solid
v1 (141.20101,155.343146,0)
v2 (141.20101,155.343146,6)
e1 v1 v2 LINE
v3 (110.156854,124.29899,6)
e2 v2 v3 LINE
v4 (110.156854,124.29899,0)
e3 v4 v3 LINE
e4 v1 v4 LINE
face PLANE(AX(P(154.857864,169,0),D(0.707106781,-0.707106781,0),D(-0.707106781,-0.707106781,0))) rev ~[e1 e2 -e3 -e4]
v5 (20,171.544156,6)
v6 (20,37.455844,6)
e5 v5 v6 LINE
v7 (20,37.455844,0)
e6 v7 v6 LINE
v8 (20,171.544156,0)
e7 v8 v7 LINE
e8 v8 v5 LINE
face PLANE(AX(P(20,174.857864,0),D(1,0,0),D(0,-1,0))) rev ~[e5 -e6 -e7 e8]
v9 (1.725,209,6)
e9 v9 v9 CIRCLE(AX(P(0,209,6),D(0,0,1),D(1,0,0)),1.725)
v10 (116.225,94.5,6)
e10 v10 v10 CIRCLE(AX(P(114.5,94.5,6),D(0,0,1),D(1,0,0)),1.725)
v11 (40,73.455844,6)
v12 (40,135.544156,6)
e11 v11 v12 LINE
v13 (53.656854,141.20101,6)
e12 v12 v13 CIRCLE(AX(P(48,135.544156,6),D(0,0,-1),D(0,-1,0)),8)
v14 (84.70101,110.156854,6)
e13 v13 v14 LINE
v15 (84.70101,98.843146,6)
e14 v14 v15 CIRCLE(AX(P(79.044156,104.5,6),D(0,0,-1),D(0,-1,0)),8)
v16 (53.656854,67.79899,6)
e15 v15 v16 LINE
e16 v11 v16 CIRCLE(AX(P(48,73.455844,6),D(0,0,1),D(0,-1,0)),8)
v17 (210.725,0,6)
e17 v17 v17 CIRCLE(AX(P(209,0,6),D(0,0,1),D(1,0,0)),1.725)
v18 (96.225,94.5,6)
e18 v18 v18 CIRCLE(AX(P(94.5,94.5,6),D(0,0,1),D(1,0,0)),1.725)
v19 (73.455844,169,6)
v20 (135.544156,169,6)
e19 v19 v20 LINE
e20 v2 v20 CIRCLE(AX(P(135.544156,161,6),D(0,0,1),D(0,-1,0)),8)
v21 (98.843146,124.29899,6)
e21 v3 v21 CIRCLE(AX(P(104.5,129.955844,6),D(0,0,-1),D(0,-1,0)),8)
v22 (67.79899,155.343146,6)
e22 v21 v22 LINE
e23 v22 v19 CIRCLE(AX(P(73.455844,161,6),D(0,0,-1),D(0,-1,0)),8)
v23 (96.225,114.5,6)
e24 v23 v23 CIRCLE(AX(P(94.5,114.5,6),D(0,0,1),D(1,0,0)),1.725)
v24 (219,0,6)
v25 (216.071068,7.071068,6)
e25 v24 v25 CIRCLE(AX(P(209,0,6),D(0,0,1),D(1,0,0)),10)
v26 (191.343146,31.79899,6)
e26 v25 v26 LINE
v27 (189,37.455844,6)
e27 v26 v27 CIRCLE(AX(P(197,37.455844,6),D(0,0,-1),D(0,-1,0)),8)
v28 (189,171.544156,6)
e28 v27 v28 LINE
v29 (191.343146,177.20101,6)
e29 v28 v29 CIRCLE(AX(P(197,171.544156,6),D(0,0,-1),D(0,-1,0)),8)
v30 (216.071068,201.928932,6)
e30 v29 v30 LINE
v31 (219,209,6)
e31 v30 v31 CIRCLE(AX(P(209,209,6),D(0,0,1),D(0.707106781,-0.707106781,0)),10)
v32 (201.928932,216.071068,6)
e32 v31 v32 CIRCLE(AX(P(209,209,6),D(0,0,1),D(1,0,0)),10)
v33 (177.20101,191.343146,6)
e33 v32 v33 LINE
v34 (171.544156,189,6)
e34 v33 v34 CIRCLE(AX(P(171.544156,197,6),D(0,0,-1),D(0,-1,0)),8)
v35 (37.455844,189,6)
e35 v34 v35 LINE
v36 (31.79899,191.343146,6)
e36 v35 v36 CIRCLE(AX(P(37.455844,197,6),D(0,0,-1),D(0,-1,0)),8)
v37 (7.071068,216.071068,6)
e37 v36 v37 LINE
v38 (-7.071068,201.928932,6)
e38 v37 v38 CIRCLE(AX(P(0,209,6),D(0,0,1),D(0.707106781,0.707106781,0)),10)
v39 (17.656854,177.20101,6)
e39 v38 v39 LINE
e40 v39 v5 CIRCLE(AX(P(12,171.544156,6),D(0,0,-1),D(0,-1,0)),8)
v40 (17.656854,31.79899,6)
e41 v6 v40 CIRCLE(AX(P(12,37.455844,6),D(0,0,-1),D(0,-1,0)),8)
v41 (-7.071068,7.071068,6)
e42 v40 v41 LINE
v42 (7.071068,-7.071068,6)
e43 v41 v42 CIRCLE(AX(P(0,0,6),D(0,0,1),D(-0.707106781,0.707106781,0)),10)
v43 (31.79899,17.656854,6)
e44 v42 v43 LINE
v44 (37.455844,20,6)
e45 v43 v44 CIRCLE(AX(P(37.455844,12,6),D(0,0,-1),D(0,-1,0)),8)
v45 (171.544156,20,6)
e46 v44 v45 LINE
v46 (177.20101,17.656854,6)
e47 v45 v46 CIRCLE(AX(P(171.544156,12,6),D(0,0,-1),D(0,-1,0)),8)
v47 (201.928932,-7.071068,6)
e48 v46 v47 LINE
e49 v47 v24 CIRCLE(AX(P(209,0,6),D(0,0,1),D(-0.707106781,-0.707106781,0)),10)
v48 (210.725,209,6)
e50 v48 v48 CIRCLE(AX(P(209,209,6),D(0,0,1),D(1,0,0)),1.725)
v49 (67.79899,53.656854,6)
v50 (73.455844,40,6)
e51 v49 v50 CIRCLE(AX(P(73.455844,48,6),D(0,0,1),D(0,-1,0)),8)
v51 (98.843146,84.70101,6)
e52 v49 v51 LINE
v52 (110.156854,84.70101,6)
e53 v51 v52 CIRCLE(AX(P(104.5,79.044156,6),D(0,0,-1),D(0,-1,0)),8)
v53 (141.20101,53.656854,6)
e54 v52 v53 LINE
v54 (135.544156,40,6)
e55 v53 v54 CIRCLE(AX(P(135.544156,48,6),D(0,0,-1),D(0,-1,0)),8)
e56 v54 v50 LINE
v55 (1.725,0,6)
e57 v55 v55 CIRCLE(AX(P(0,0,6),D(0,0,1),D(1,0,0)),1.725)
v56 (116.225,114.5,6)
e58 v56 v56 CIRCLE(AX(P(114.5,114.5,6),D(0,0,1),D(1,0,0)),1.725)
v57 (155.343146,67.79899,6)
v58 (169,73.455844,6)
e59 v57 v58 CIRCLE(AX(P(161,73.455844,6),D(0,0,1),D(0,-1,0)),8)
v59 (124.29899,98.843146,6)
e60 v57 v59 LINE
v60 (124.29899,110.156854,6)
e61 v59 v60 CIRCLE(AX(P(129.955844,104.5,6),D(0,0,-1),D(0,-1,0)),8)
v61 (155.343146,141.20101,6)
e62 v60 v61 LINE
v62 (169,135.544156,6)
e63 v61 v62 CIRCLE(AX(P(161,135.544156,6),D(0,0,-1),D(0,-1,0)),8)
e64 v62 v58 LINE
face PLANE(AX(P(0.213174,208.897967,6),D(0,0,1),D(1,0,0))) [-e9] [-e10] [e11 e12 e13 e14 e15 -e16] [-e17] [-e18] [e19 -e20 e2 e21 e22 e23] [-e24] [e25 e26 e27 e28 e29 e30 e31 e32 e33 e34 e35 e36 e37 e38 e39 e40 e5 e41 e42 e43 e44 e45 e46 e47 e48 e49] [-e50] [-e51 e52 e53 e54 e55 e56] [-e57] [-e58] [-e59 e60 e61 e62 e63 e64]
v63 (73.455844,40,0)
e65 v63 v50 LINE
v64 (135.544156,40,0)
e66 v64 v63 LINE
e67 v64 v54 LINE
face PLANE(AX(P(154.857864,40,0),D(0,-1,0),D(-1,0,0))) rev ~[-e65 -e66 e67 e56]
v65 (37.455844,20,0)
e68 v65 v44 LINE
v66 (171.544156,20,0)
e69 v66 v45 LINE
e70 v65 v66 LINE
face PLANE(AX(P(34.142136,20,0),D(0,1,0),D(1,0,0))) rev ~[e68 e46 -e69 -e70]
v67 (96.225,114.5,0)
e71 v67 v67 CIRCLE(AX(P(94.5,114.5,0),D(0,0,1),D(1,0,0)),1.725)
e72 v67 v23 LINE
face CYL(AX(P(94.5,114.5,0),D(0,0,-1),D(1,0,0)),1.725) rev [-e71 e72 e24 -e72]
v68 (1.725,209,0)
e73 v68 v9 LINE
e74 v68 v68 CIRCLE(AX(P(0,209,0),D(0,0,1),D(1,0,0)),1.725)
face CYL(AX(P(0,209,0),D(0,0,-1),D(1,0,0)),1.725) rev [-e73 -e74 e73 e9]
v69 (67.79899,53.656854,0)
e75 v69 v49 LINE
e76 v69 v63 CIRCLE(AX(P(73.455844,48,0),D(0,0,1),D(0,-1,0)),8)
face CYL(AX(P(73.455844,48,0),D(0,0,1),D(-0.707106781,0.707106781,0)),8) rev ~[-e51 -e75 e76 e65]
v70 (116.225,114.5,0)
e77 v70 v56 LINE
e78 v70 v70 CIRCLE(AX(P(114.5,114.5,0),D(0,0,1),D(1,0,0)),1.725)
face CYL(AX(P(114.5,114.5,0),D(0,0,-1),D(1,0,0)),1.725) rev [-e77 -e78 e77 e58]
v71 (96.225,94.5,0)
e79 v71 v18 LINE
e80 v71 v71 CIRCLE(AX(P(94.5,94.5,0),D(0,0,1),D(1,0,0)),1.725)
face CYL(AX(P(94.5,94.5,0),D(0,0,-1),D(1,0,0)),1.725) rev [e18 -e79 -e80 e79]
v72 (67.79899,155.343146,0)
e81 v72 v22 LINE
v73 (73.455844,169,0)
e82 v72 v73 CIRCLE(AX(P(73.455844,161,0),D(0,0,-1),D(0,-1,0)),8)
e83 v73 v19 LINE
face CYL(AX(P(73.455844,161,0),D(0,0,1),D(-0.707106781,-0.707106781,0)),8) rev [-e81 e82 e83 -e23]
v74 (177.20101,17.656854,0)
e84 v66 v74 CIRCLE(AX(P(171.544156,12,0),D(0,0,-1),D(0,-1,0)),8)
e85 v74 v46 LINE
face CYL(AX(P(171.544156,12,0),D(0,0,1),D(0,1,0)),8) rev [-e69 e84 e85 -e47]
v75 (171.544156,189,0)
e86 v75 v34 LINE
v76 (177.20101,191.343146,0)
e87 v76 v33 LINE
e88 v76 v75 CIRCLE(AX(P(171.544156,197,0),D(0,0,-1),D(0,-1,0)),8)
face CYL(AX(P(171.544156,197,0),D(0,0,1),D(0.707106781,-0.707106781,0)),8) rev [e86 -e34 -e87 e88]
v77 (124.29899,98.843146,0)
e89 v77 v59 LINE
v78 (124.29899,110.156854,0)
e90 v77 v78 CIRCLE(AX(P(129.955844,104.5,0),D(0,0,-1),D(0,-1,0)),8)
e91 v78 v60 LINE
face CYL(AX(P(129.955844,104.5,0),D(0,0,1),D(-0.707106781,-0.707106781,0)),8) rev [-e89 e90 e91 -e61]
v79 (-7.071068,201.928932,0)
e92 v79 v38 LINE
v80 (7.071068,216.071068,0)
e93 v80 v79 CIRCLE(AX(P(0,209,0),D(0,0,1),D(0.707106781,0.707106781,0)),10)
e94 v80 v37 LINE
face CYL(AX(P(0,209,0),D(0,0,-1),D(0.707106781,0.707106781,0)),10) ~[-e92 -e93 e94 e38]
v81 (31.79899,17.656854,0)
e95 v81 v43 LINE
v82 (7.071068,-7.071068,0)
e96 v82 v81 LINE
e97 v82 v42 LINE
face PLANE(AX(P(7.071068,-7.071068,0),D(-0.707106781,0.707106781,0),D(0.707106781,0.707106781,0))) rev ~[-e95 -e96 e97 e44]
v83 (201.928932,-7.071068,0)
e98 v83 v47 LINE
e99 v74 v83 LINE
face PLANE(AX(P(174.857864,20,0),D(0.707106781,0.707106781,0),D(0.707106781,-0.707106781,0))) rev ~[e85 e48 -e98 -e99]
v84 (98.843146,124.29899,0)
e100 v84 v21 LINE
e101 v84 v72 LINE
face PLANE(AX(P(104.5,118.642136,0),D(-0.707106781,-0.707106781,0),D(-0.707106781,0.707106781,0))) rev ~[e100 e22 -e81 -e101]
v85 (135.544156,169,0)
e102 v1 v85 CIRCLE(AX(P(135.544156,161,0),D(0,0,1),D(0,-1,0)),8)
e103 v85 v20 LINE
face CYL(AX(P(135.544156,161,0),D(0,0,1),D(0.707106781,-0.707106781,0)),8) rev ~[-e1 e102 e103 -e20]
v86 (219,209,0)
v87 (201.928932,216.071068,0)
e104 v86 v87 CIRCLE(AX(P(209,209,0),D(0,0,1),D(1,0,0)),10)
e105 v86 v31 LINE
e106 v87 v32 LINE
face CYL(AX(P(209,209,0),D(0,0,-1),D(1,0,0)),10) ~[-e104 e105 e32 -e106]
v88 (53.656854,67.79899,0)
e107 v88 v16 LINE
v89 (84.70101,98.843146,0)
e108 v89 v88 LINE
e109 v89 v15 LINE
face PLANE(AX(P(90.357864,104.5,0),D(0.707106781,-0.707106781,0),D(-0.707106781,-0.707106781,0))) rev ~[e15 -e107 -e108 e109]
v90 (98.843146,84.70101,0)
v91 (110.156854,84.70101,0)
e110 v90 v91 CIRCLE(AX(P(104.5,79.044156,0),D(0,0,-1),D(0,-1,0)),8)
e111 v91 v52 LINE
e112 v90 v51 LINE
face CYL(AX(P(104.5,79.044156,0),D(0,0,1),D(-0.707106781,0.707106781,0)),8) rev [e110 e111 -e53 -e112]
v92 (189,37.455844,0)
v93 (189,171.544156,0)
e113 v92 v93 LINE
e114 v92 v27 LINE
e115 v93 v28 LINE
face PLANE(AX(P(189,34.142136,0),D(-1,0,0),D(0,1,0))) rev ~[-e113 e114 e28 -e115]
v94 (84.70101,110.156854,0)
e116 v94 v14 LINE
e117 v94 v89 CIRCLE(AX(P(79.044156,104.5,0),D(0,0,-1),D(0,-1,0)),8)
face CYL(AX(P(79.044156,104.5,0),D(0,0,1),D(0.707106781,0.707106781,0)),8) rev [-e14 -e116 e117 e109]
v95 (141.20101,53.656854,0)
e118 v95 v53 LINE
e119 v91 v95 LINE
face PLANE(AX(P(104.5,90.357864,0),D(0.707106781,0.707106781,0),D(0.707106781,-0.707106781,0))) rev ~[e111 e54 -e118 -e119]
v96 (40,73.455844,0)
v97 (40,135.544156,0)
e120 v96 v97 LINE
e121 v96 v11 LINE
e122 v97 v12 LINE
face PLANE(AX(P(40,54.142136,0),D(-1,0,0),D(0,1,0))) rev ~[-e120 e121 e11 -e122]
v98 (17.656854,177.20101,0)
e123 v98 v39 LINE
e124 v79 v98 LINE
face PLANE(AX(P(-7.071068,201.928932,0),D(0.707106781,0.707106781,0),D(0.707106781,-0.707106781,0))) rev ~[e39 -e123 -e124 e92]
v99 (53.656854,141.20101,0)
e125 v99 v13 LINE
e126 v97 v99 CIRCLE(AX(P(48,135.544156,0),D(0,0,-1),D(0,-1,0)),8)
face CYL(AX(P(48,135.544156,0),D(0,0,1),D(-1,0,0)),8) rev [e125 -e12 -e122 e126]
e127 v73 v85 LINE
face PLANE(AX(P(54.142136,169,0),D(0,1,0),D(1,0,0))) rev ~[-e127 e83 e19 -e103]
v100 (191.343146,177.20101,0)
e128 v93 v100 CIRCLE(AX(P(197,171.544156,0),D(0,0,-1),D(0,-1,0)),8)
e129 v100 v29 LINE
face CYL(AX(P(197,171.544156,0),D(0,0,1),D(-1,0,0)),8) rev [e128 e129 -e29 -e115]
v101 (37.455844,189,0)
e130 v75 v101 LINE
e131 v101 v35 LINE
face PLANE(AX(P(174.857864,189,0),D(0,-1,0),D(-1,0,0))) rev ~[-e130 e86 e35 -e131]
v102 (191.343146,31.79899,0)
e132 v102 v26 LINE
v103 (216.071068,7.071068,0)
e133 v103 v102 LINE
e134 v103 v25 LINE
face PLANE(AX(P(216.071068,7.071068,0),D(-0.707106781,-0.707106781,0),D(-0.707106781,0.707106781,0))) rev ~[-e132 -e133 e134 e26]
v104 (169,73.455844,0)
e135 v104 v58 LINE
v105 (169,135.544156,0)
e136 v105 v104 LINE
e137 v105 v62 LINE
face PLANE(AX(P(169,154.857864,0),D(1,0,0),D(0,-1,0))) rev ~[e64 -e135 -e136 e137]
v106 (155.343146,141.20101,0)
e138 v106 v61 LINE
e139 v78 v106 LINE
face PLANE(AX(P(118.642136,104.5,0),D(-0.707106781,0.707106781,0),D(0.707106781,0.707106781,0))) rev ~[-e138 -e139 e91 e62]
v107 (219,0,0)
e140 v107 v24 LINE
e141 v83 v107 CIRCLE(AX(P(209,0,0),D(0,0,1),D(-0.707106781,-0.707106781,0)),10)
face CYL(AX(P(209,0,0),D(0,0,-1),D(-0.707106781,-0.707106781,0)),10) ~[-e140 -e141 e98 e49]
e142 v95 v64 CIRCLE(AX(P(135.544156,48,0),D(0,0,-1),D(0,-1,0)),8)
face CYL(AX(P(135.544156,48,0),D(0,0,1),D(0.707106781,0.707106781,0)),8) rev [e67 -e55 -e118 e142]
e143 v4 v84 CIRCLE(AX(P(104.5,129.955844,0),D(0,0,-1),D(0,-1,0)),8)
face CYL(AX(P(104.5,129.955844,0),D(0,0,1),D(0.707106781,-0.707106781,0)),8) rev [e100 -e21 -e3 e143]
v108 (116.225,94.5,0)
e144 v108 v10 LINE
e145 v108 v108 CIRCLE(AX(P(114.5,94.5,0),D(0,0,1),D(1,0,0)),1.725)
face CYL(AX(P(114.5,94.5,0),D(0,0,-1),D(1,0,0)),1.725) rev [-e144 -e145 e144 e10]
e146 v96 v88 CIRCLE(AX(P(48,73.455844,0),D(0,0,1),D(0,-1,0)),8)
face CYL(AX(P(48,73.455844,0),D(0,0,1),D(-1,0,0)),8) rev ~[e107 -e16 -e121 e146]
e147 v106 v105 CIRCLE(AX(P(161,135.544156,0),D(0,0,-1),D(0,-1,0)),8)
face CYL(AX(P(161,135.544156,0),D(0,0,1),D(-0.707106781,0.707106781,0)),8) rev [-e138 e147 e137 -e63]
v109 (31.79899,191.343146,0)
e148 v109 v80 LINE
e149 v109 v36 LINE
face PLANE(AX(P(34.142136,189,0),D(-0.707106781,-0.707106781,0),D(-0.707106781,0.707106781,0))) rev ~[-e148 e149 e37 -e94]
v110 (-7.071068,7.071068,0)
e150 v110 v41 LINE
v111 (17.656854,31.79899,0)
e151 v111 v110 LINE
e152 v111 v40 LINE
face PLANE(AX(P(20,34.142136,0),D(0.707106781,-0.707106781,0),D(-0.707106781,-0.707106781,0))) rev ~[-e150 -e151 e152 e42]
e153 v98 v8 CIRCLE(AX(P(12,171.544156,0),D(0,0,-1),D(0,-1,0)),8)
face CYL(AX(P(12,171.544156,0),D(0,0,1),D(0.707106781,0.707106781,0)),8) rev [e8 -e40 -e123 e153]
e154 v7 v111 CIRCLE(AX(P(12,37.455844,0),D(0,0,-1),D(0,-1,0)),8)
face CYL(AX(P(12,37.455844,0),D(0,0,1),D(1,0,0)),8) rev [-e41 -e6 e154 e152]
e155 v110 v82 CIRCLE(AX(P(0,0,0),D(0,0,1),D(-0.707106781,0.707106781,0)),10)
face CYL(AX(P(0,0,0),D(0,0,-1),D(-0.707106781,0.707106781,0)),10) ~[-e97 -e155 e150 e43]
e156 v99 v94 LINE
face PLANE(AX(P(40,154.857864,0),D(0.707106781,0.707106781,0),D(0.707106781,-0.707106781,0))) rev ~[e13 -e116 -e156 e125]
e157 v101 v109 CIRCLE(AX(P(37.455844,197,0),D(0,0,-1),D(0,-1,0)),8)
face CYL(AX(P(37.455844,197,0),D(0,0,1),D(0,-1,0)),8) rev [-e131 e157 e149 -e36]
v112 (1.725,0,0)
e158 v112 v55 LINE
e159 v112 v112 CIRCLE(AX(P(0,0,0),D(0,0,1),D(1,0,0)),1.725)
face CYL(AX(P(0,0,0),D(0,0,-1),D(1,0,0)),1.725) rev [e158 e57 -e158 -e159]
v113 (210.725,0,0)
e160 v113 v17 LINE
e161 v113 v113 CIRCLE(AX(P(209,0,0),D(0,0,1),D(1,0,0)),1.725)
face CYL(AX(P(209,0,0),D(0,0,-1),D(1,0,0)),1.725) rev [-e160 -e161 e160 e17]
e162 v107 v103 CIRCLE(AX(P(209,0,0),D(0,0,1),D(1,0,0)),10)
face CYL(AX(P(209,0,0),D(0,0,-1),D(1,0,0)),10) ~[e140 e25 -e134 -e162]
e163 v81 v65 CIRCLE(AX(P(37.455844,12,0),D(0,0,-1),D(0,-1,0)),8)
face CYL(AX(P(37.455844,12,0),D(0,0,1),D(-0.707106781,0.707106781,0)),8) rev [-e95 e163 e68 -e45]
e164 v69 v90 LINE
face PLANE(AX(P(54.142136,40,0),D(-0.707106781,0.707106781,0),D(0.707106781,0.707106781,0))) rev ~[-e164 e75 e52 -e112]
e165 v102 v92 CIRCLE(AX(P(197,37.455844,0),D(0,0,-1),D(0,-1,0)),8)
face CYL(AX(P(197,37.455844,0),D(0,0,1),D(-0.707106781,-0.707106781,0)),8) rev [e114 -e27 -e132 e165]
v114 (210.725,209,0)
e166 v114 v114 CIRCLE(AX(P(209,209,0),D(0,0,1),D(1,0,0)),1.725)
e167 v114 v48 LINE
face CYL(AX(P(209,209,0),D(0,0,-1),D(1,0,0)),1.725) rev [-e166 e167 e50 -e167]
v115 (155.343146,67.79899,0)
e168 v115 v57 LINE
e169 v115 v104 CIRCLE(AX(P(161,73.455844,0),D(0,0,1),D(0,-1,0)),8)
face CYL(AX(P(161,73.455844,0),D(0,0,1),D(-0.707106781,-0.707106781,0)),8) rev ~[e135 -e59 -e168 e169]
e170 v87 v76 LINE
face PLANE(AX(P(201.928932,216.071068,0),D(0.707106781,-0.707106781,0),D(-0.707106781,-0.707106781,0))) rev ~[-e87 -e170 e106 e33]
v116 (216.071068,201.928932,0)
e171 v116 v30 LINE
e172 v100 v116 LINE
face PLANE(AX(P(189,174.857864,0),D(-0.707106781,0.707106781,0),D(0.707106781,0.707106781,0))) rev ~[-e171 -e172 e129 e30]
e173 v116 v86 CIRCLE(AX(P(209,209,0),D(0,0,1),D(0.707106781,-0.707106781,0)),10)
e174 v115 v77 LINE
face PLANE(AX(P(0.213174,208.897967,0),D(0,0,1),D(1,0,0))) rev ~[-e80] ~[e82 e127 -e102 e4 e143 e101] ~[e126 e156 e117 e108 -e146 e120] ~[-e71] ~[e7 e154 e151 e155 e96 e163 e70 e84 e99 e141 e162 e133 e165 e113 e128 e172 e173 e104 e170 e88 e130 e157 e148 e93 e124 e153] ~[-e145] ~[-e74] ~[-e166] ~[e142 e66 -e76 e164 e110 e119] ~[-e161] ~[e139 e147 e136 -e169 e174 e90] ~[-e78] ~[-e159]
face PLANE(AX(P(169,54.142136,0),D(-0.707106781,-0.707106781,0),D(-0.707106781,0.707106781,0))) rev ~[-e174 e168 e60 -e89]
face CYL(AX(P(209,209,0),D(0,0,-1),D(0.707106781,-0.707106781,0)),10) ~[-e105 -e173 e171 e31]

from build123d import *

# Parameters (mm, degrees)
F0_R     = 1.725
F1_DEPTH = 6
F2_R     = 8


with BuildPart() as f1:
    # F0 (on Top) → F1 (new body)
    with BuildSketch(Plane.XY):
        with BuildLine():
            ThreePointArc((-7.0710678119, 201.9289321881), (3.8268343237, 199.7612046749), (10, 209))
            ThreePointArc((10, 209), (9.2387953251, 212.8268343237), (7.0710678119, 216.0710678119))
            ThreePointArc((7.0710678119, 216.0710678119), (-7.0710678119, 216.0710678119), (-7.0710678119, 201.9289321881))
        make_face()
        with Locations((0, 209)):
            Circle(F0_R, mode=Mode.SUBTRACT)
        with BuildLine():
            ThreePointArc((7.0710678119, 216.0710678119), (9.2387953251, 212.8268343237), (10, 209))
            ThreePointArc((10, 209), (3.8268343237, 199.7612046749), (-7.0710678119, 201.9289321881))
            Line((-7.0710678119, 201.9289321881), (20, 174.8578643763))
            Line((20, 174.8578643763), (40, 154.8578643763))
            Line((40, 154.8578643763), (90.3578643763, 104.5))
            Line((90.3578643763, 104.5), (104.5, 118.6421356237))
            Line((104.5, 118.6421356237), (54.1421356237, 169))
            Line((54.1421356237, 169), (34.1421356237, 189))
            Line((34.1421356237, 189), (7.0710678119, 216.0710678119))
        make_face()
        with Locations((94.5, 114.5)):
            Circle(F0_R, mode=Mode.SUBTRACT)
        Polygon((174.8578643763, 189), (34.1421356237, 189), (54.1421356237, 169), (154.8578643763, 169), align=None)
        Polygon((40, 154.8578643763), (20, 174.8578643763), (20, 34.1421356237), (40, 54.1421356237), align=None)
        with BuildLine():
            Line((201.9289321881, 216.0710678119), (174.8578643763, 189))
            Line((174.8578643763, 189), (154.8578643763, 169))
            Line((154.8578643763, 169), (104.5, 118.6421356237))
            Line((104.5, 118.6421356237), (118.6421356237, 104.5))
            Line((118.6421356237, 104.5), (169, 154.8578643763))
            Line((169, 154.8578643763), (189, 174.8578643763))
            Line((189, 174.8578643763), (216.0710678119, 201.9289321881))
            ThreePointArc((216.0710678119, 201.9289321881), (201.9289321881, 201.9289321881), (201.9289321881, 216.0710678119))
        make_face()
        with Locations((114.5, 114.5)):
            Circle(F0_R, mode=Mode.SUBTRACT)
        with BuildLine():
            Line((40, 54.1421356237), (20, 34.1421356237))
            Line((20, 34.1421356237), (-7.0710678119, 7.0710678119))
            ThreePointArc((-7.0710678119, 7.0710678119), (3.8268343237, 9.2387953251), (10, 0))
            ThreePointArc((10, 0), (9.2387953251, -3.8268343237), (7.0710678119, -7.0710678119))
            Line((7.0710678119, -7.0710678119), (34.1421356237, 20))
            Line((34.1421356237, 20), (54.1421356237, 40))
            Line((54.1421356237, 40), (104.5, 90.3578643763))
            Line((104.5, 90.3578643763), (90.3578643763, 104.5))
            Line((90.3578643763, 104.5), (40, 54.1421356237))
        make_face()
        with Locations((94.5, 94.5)):
            Circle(F0_R, mode=Mode.SUBTRACT)
        with BuildLine():
            ThreePointArc((219, 209), (212.8268343237, 218.2387953251), (201.9289321881, 216.0710678119))
            ThreePointArc((201.9289321881, 216.0710678119), (201.9289321881, 201.9289321881), (216.0710678119, 201.9289321881))
            ThreePointArc((216.0710678119, 201.9289321881), (218.2387953251, 205.1731656763), (219, 209))
        make_face()
        with Locations((209, 209)):
            Circle(F0_R, mode=Mode.SUBTRACT)
        with BuildLine():
            ThreePointArc((10, 0), (3.8268343237, 9.2387953251), (-7.0710678119, 7.0710678119))
            ThreePointArc((-7.0710678119, 7.0710678119), (-7.0710678119, -7.0710678119), (7.0710678119, -7.0710678119))
            ThreePointArc((7.0710678119, -7.0710678119), (9.2387953251, -3.8268343237), (10, 0))
        make_face()
        Circle(F0_R, mode=Mode.SUBTRACT)
        with BuildLine():
            Line((169, 54.1421356237), (118.6421356237, 104.5))
            Line((118.6421356237, 104.5), (104.5, 90.3578643763))
            Line((104.5, 90.3578643763), (154.8578643763, 40))
            Line((154.8578643763, 40), (174.8578643763, 20))
            Line((174.8578643763, 20), (201.9289321881, -7.0710678119))
            ThreePointArc((201.9289321881, -7.0710678119), (201.9289321881, 7.0710678119), (216.0710678119, 7.0710678119))
            Line((216.0710678119, 7.0710678119), (189, 34.1421356237))
            Line((189, 34.1421356237), (169, 54.1421356237))
        make_face()
        with Locations((114.5, 94.5)):
            Circle(F0_R, mode=Mode.SUBTRACT)
        Polygon((169, 154.8578643763), (169, 54.1421356237), (189, 34.1421356237), (189, 174.8578643763), align=None)
        Polygon((174.8578643763, 20), (154.8578643763, 40), (54.1421356237, 40), (34.1421356237, 20), align=None)
        with BuildLine():
            ThreePointArc((219, 0), (218.2387953251, 3.8268343237), (216.0710678119, 7.0710678119))
            ThreePointArc((216.0710678119, 7.0710678119), (201.9289321881, 7.0710678119), (201.9289321881, -7.0710678119))
            ThreePointArc((201.9289321881, -7.0710678119), (212.8268343237, -9.2387953251), (219, 0))
        make_face()
        with Locations((209, 0)):
            Circle(F0_R, mode=Mode.SUBTRACT)
        Polygon((118.6421356237, 104.5), (104.5, 118.6421356237), (90.3578643763, 104.5), (104.5, 90.3578643763), align=None)
    extrude(amount=F1_DEPTH)

    # F2
    f2_edges = [f1.edges().sort_by_distance(p)[0] for p in [
        (20, 174.857864, 3),
        (20, 34.142136, 3),
        (34.142136, 20, 3),
        (174.857864, 20, 3),
        (189, 174.857864, 3),
        (189, 34.142136, 3),
        (174.857864, 189, 3),
        (34.142136, 189, 3),
        (104.5, 118.642136, 3),
        (154.857864, 169, 3),
        (90.357864, 104.5, 3),
        (104.5, 90.357864, 3),
        (169, 154.857864, 3),
        (54.142136, 169, 3),
        (118.642136, 104.5, 3),
        (40, 54.142136, 3),
        (54.142136, 40, 3),
        (154.857864, 40, 3),
        (169, 54.142136, 3),
        (40, 154.857864, 3),
    ]]
    fillet(f2_edges, radius=F2_R)


solid = f1.part
